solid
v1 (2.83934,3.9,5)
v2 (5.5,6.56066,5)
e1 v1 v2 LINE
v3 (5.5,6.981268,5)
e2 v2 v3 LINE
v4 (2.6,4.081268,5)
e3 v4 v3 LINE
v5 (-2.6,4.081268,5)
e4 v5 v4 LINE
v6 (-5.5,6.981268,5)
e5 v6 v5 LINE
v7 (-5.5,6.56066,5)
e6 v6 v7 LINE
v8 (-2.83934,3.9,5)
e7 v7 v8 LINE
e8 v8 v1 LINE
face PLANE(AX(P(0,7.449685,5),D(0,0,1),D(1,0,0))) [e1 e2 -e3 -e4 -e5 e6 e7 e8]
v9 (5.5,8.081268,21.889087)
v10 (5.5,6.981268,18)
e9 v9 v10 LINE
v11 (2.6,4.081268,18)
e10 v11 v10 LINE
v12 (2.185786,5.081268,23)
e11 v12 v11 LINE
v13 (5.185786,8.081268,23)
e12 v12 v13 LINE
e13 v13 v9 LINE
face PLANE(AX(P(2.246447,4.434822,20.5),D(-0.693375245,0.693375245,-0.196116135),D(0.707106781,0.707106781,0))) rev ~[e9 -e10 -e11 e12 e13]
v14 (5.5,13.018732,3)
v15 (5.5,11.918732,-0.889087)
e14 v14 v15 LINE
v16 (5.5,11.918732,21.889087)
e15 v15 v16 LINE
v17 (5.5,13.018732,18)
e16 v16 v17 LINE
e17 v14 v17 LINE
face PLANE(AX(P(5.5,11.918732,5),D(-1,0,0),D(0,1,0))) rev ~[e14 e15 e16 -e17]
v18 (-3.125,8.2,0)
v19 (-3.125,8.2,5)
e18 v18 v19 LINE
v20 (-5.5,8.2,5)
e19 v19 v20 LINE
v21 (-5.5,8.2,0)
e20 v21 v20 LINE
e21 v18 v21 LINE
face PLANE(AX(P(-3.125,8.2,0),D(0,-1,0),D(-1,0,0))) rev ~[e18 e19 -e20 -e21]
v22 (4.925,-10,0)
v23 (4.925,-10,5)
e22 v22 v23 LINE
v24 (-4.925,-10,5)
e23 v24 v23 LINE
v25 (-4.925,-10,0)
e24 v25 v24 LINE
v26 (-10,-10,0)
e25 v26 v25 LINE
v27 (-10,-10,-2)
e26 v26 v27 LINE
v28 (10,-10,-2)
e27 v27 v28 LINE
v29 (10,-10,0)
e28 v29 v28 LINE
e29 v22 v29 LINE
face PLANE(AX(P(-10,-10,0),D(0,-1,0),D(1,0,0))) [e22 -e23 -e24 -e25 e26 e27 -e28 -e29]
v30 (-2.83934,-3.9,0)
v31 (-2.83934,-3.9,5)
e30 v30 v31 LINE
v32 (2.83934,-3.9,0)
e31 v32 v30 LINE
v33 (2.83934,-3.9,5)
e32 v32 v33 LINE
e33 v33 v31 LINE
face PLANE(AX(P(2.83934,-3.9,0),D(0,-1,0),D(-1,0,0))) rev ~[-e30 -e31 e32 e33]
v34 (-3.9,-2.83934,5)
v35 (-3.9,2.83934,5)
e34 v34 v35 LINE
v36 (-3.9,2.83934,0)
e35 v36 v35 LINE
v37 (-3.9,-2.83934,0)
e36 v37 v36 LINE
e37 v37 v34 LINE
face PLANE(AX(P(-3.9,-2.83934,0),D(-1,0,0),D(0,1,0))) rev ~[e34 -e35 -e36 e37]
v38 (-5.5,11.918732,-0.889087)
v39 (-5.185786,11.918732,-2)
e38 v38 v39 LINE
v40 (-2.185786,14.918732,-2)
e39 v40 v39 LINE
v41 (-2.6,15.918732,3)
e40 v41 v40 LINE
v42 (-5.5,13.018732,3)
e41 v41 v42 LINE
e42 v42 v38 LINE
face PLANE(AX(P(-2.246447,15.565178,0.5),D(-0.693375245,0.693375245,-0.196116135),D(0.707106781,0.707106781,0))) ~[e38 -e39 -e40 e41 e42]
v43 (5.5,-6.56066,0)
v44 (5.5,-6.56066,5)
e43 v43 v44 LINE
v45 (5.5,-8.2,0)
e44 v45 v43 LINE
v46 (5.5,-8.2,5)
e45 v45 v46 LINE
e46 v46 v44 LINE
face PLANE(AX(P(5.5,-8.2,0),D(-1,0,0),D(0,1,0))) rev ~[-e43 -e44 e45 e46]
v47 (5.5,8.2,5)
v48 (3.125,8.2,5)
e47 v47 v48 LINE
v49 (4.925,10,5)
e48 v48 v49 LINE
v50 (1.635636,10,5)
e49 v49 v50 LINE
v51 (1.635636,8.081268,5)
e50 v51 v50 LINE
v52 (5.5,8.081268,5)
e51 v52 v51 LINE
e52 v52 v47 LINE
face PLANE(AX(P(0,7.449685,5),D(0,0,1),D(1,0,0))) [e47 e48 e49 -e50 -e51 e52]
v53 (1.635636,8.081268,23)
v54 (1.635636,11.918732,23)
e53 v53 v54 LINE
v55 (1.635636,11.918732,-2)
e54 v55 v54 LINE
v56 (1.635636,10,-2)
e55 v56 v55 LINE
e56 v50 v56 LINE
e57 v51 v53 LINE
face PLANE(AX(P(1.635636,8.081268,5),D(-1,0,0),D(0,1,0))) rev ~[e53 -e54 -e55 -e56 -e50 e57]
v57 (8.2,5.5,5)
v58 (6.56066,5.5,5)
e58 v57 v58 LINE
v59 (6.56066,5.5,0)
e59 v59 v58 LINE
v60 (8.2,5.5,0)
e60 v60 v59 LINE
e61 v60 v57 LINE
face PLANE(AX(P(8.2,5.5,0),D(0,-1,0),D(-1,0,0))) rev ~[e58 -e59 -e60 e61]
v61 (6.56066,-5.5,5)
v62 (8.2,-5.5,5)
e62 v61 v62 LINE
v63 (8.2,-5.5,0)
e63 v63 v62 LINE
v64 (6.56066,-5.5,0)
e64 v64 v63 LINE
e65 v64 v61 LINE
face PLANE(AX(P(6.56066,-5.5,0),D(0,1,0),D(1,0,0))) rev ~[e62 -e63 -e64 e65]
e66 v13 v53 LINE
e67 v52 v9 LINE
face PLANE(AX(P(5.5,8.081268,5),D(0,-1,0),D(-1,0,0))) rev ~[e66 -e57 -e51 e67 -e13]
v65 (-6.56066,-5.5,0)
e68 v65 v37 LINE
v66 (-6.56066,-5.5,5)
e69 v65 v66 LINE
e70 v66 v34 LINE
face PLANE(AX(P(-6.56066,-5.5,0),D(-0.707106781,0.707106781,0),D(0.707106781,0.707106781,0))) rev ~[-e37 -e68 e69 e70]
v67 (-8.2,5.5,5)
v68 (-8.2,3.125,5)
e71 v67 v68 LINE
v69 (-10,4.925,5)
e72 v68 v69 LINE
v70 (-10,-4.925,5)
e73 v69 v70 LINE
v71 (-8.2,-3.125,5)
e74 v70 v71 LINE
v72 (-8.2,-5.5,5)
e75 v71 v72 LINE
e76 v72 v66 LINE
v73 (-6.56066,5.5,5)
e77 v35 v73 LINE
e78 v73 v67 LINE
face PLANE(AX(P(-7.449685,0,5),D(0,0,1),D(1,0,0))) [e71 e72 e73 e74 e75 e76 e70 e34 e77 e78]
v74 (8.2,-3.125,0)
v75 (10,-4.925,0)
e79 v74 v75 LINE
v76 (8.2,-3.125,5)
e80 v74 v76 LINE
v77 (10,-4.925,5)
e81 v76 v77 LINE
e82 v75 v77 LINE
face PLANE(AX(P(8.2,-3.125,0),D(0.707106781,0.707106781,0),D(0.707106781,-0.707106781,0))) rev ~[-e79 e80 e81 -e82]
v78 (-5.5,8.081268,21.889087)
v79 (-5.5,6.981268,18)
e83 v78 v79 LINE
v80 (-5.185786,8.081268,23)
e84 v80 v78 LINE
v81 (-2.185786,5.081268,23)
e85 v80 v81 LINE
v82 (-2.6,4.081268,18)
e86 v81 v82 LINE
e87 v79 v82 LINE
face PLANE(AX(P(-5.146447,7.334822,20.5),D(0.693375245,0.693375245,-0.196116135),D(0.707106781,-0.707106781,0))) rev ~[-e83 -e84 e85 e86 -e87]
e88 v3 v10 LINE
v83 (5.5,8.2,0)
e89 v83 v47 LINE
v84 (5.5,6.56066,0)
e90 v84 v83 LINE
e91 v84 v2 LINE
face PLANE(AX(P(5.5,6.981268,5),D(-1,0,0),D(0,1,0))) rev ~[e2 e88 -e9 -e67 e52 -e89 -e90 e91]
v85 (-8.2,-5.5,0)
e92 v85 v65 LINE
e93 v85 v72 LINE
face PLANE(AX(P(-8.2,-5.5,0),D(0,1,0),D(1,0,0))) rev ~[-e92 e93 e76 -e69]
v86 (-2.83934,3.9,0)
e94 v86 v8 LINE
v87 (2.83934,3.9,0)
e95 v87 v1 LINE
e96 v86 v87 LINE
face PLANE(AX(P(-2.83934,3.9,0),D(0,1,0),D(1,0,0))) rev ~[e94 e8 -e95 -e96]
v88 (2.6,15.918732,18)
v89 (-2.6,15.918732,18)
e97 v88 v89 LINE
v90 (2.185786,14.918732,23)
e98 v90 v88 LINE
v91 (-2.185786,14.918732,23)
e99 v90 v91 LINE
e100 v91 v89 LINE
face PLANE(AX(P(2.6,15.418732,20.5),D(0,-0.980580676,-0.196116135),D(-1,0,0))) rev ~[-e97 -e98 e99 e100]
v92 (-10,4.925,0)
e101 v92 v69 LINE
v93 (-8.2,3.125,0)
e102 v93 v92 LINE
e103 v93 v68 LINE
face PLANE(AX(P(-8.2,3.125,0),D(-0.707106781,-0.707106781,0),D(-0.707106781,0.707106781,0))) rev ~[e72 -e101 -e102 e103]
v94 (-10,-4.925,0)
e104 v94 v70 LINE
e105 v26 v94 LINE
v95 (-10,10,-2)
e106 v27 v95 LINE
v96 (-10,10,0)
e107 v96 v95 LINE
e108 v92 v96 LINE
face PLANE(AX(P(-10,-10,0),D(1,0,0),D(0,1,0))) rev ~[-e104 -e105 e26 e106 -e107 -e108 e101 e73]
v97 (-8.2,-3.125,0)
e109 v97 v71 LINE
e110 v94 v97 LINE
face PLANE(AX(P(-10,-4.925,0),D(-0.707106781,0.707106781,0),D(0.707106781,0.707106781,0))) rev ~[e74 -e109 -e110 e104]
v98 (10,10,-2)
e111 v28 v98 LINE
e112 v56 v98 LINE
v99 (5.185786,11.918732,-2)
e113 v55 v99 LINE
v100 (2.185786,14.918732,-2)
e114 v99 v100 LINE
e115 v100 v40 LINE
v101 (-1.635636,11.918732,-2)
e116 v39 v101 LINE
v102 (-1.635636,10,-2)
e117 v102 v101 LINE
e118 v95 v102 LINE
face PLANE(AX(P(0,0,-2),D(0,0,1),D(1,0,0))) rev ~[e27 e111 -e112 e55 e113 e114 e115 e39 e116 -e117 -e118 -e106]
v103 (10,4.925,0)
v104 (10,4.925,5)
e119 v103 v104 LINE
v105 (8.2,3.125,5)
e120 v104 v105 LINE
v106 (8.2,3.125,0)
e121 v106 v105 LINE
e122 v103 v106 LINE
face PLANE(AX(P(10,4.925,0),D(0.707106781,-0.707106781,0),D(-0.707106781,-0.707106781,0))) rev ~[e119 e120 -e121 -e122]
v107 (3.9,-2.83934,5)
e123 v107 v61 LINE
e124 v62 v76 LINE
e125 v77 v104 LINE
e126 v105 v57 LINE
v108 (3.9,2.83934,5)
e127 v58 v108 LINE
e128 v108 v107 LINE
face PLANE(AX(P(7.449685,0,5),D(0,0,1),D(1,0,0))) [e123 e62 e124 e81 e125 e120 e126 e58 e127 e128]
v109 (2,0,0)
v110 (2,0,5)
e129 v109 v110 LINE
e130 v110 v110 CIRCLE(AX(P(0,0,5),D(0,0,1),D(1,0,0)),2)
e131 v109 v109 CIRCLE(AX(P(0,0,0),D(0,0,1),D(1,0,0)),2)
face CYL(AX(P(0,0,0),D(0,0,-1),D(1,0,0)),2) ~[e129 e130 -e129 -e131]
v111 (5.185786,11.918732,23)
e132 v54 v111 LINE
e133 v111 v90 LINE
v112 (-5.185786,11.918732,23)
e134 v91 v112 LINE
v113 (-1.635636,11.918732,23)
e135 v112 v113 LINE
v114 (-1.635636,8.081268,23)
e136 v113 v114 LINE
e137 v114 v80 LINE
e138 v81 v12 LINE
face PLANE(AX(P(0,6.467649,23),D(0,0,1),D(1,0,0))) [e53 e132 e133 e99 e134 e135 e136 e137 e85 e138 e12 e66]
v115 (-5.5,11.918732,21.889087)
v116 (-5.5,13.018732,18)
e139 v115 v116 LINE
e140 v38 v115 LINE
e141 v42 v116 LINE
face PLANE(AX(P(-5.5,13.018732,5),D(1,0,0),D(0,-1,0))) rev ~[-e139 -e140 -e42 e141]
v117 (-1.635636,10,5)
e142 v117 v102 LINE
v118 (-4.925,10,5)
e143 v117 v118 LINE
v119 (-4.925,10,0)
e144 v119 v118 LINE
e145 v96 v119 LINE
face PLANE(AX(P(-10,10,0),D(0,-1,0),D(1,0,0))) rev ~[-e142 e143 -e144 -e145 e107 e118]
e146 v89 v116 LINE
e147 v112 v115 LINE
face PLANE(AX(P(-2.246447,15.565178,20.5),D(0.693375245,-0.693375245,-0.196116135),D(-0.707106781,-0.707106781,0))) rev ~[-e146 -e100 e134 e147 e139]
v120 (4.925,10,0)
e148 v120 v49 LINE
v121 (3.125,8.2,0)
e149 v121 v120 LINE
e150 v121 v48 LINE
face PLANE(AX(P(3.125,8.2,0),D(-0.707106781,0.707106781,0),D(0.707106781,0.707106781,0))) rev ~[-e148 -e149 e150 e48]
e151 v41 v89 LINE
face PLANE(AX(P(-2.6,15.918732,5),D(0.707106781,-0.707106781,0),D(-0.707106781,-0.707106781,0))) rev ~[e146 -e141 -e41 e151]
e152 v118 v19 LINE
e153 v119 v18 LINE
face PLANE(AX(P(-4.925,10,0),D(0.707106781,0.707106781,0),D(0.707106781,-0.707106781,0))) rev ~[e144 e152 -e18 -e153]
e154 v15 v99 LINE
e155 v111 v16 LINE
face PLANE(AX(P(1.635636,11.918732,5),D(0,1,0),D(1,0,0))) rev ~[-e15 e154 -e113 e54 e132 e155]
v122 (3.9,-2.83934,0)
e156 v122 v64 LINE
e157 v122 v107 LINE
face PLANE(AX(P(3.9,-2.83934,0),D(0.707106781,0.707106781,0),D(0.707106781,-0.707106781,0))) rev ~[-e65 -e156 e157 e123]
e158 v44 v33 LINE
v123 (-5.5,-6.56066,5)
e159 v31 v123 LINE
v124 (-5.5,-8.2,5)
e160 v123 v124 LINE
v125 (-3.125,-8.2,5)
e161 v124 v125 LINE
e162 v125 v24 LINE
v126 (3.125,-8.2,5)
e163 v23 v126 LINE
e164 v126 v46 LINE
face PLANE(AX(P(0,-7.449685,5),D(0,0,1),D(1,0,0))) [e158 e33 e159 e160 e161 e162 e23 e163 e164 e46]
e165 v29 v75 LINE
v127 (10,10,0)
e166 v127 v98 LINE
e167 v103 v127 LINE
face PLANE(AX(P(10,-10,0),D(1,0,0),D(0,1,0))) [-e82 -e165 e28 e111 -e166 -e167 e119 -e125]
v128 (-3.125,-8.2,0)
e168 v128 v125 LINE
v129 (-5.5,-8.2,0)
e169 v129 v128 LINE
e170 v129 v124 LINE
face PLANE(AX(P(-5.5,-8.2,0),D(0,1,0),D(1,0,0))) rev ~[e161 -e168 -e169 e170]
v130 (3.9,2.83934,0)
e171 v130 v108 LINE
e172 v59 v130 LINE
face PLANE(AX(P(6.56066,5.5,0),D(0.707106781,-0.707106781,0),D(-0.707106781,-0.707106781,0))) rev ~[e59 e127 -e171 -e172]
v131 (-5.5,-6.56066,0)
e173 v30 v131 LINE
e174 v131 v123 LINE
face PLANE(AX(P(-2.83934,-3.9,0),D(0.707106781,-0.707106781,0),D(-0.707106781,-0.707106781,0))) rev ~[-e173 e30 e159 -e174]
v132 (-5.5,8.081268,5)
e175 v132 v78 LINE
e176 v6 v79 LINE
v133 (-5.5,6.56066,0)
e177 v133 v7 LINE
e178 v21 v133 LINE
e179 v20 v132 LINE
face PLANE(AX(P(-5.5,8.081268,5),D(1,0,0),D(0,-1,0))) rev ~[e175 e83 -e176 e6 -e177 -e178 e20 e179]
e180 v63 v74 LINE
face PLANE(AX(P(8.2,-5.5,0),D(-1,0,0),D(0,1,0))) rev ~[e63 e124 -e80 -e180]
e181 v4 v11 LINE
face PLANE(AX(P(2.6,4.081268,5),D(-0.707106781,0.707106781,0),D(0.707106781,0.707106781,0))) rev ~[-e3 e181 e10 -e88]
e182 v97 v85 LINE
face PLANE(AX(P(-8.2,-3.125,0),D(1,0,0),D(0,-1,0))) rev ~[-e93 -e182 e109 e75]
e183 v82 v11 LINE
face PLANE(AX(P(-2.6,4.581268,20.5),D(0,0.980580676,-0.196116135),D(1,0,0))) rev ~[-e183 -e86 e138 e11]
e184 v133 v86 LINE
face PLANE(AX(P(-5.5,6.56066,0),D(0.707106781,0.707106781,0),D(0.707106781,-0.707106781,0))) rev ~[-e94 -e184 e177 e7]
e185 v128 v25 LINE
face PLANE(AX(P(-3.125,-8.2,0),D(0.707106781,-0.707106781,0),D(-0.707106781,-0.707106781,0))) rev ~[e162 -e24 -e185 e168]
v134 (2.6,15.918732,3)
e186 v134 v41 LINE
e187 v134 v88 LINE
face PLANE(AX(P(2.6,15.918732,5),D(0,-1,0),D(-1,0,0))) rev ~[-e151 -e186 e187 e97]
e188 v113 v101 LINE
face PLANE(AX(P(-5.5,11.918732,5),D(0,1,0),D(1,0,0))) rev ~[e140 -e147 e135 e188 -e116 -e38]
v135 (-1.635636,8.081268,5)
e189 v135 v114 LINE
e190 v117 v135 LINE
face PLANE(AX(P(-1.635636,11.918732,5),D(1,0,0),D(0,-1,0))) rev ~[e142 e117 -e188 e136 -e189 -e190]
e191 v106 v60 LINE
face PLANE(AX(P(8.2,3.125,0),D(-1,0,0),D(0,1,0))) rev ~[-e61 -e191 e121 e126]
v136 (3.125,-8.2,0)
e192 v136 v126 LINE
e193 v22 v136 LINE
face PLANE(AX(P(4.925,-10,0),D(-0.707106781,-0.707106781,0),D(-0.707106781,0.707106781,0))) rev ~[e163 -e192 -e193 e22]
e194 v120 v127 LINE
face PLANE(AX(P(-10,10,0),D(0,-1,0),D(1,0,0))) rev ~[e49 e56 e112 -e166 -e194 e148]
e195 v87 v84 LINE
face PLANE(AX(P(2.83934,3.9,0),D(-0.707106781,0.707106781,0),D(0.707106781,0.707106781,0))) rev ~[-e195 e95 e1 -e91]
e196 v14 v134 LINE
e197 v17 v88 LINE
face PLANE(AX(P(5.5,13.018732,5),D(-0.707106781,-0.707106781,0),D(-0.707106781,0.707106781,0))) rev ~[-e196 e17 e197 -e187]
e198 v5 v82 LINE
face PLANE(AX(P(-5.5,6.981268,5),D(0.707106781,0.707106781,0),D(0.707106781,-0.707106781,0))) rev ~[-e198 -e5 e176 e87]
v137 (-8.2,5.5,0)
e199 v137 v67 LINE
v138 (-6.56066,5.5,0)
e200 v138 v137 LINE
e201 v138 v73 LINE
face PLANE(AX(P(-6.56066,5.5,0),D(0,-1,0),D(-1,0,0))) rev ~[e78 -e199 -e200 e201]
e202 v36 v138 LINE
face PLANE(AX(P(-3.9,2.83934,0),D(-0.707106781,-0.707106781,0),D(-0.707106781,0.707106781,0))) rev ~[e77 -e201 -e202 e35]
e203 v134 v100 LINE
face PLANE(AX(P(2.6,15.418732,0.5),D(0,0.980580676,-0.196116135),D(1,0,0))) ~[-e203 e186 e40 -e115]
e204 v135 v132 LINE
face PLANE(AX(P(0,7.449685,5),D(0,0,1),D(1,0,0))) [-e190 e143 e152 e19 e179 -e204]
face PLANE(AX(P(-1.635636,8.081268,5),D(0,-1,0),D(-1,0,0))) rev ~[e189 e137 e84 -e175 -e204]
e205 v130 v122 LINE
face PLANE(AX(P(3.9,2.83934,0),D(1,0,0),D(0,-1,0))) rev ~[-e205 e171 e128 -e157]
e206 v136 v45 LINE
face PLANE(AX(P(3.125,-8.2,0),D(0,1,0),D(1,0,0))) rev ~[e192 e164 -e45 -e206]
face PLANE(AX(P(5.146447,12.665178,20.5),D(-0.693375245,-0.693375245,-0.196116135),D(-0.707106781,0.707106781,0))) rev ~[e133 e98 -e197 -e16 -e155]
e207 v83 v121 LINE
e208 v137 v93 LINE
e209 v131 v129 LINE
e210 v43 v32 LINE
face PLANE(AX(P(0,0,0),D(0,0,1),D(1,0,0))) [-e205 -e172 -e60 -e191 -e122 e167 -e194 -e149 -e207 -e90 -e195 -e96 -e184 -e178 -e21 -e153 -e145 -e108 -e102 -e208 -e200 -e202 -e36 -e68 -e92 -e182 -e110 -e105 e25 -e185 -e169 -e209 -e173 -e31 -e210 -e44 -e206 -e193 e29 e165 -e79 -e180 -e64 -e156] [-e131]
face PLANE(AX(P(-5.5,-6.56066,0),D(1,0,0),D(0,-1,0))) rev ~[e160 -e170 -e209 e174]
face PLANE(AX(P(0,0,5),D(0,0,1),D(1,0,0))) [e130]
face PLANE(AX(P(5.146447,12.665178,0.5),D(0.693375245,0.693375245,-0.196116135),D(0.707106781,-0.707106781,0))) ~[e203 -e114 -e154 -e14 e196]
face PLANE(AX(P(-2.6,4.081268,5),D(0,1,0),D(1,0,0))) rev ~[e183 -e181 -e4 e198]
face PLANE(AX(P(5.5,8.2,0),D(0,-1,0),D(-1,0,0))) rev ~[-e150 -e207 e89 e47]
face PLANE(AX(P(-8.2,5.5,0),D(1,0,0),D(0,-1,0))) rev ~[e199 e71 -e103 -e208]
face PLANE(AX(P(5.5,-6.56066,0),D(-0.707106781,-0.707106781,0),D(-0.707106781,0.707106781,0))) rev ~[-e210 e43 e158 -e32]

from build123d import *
from OCP.BRepFilletAPI import BRepFilletAPI_MakeChamfer

# Parameters (mm, degrees)
BOSS_EXTRUDE1_DEPTH   = 5
BOSS_EXTRUDE1_2_DEPTH = 5
BOSS_EXTRUDE1_3_DEPTH = 5
BOSS_EXTRUDE1_4_DEPTH = 5
SKETCH1_R             = 2
BOSS_EXTRUDE1_5_DEPTH = 5
SKETCH1_3_W           = 20
SKETCH1_3_H           = 20
BOSS_EXTRUDE2_DEPTH   = 2
BOSS_EXTRUDE3_DEPTH   = 7
BOSS_EXTRUDE4_DEPTH   = 18
CHAMFER1_SIZE         = 1
CHAMFER1_SIZE2        = 5
CHAMFER2_SIZE         = 5
CHAMFER2_SIZE2        = 1
CHAMFER3_SIZE         = 1
CHAMFER3_SIZE2        = 5


with BuildPart() as part:
    # Sketch1 → Boss-Extrude1 (new body)
    with BuildSketch(Plane.XY):
        Polygon((4.925, 10), (-4.925, 10), (-3.125, 8.2), (-5.5, 8.2), (-5.5, 6.560660172), (-2.839339828, 3.9), (2.839339828, 3.9), (5.5, 6.560660172), (5.5, 8.2), (3.125, 8.2), align=None)
    extrude(amount=BOSS_EXTRUDE1_DEPTH)



with BuildPart() as body_2:
    # Sketch1 → Boss-Extrude1 2 (new body)
    with BuildSketch(Plane.XY):
        Polygon((-8.2, 3.125), (-10, 4.925), (-10, -4.925), (-8.2, -3.125), (-8.2, -5.5), (-6.560660172, -5.5), (-3.9, -2.839339828), (-3.9, 2.839339828), (-6.560660172, 5.5), (-8.2, 5.5), align=None)
    extrude(amount=BOSS_EXTRUDE1_2_DEPTH)


with BuildPart() as body_3:
    # Sketch1 → Boss-Extrude1 3 (new body)
    with BuildSketch(Plane.XY):
        Polygon((10, -4.925), (10, 4.925), (8.2, 3.125), (8.2, 5.5), (6.560660172, 5.5), (3.9, 2.839339828), (3.9, -2.839339828), (6.560660172, -5.5), (8.2, -5.5), (8.2, -3.125), align=None)
    extrude(amount=BOSS_EXTRUDE1_3_DEPTH)


with BuildPart() as body_4:
    # Sketch1 → Boss-Extrude1 4 (new body)
    with BuildSketch(Plane.XY):
        Polygon((-3.125, -8.2), (-4.925, -10), (4.925, -10), (3.125, -8.2), (5.5, -8.2), (5.5, -6.560660172), (2.839339828, -3.9), (-2.839339828, -3.9), (-5.5, -6.560660172), (-5.5, -8.2), align=None)
    extrude(amount=BOSS_EXTRUDE1_4_DEPTH)


with BuildPart() as body_5:
    # Sketch1 → Boss-Extrude1 5 (new body)
    with BuildSketch(Plane.XY):
        Circle(SKETCH1_R)
    extrude(amount=BOSS_EXTRUDE1_5_DEPTH)


with BuildPart() as part_1:
    add(part.part)

    add(body_2.part)  # Boss-Extrude2 merges body 2

    add(body_3.part)  # Boss-Extrude2 merges body 3

    add(body_4.part)  # Boss-Extrude2 merges body 4

    add(body_5.part)  # Boss-Extrude2 merges body 5
    # Sketch1<3> → Boss-Extrude2 (add)
    with BuildSketch(Plane.XY):
        Rectangle(SKETCH1_3_W, SKETCH1_3_H)
    extrude(amount=-BOSS_EXTRUDE2_DEPTH)

    # Sketch2 → Boss-Extrude3 (add)
    with BuildSketch(Plane.XY.offset(5)):
        Polygon((-1.635636459, 11.91873161), (-1.635636459, 10), (1.635636459, 10), (1.635636459, 11.91873161), (5.5, 11.91873161), (5.5, 13.01873161), (2.6, 15.91873161), (-2.6, 15.91873161), (-5.5, 13.01873161), (-5.5, 11.91873161), align=None)
    extrude(amount=-BOSS_EXTRUDE3_DEPTH)

    # Sketch2<4> → Boss-Extrude4 (add)
    with BuildSketch(Plane.XY.offset(5)):
        Polygon((-5.5, 8.08126839), (-5.5, 6.98126839), (-2.6, 4.08126839), (2.6, 4.08126839), (5.5, 6.98126839), (5.5, 8.08126839), (1.635636459, 8.08126839), (1.635636459, 11.91873161), (5.5, 11.91873161), (5.5, 13.01873161), (2.6, 15.91873161), (-2.6, 15.91873161), (-5.5, 13.01873161), (-5.5, 11.91873161), (-1.635636459, 11.91873161), (-1.635636459, 8.08126839), align=None)
    extrude(amount=BOSS_EXTRUDE4_DEPTH)

    # Chamfer1
    chamfer1_edges = [part_1.edges().sort_by_distance(p)[0] for p in [
        (4.05, 14.46873161, 23),
        (0, 15.91873161, 23),
        (-4.05, 14.46873161, 23),
    ]]
    chamfer1_side = [part_1.faces().sort_by_distance(p)[0] for p in [
        (0, 10, 23),
    ]]
    chamfer(chamfer1_edges, length=CHAMFER1_SIZE, length2=CHAMFER1_SIZE2, reference=chamfer1_side[0])

    # Chamfer2: one chamfer whose edges measure the first distance from different faces: ONE call of the kernel's chamfer builder (chamfer() names one face for all edges)
    chamfer2_edges_1 = [part_1.edges().sort_by_distance(p)[0] for p in [
        (4.05, 14.46873161, -2),
    ]]
    chamfer2_side_1 = [part_1.faces().sort_by_distance(p)[0] for p in [
        (4.05, 14.46873161, 8),
    ]]
    chamfer2_edges_2 = [part_1.edges().sort_by_distance(p)[0] for p in [
        (0, 15.91873161, -2),
    ]]
    chamfer2_side_2 = [part_1.faces().sort_by_distance(p)[0] for p in [
        (0, 15.91873161, 8),
    ]]
    chamfer2_edges_3 = [part_1.edges().sort_by_distance(p)[0] for p in [
        (-4.05, 14.46873161, -2),
    ]]
    chamfer2_side_3 = [part_1.faces().sort_by_distance(p)[0] for p in [
        (-4.05, 14.46873161, 8),
    ]]
    chamfer2 = BRepFilletAPI_MakeChamfer(part_1.part.solid().wrapped)
    for e in chamfer2_edges_1:
        chamfer2.Add(CHAMFER2_SIZE, CHAMFER2_SIZE2, e.wrapped, chamfer2_side_1[0].wrapped)  # the first distance lies on this face
    for e in chamfer2_edges_2:
        chamfer2.Add(CHAMFER2_SIZE, CHAMFER2_SIZE2, e.wrapped, chamfer2_side_2[0].wrapped)  # the first distance lies on this face
    for e in chamfer2_edges_3:
        chamfer2.Add(CHAMFER2_SIZE, CHAMFER2_SIZE2, e.wrapped, chamfer2_side_3[0].wrapped)  # the first distance lies on this face
    add(Compound.cast(chamfer2.Shape()), mode=Mode.REPLACE)

    # Chamfer3
    chamfer3_edges = [part_1.edges().sort_by_distance(p)[0] for p in [
        (4.05, 5.53126839, 23),
        (0, 4.08126839, 23),
        (-4.05, 5.53126839, 23),
    ]]
    chamfer3_side = [part_1.faces().sort_by_distance(p)[0] for p in [
        (0, 9.15065978, 23),
    ]]
    chamfer(chamfer3_edges, length=CHAMFER3_SIZE, length2=CHAMFER3_SIZE2, reference=chamfer3_side[0])


solid = part_1.part
